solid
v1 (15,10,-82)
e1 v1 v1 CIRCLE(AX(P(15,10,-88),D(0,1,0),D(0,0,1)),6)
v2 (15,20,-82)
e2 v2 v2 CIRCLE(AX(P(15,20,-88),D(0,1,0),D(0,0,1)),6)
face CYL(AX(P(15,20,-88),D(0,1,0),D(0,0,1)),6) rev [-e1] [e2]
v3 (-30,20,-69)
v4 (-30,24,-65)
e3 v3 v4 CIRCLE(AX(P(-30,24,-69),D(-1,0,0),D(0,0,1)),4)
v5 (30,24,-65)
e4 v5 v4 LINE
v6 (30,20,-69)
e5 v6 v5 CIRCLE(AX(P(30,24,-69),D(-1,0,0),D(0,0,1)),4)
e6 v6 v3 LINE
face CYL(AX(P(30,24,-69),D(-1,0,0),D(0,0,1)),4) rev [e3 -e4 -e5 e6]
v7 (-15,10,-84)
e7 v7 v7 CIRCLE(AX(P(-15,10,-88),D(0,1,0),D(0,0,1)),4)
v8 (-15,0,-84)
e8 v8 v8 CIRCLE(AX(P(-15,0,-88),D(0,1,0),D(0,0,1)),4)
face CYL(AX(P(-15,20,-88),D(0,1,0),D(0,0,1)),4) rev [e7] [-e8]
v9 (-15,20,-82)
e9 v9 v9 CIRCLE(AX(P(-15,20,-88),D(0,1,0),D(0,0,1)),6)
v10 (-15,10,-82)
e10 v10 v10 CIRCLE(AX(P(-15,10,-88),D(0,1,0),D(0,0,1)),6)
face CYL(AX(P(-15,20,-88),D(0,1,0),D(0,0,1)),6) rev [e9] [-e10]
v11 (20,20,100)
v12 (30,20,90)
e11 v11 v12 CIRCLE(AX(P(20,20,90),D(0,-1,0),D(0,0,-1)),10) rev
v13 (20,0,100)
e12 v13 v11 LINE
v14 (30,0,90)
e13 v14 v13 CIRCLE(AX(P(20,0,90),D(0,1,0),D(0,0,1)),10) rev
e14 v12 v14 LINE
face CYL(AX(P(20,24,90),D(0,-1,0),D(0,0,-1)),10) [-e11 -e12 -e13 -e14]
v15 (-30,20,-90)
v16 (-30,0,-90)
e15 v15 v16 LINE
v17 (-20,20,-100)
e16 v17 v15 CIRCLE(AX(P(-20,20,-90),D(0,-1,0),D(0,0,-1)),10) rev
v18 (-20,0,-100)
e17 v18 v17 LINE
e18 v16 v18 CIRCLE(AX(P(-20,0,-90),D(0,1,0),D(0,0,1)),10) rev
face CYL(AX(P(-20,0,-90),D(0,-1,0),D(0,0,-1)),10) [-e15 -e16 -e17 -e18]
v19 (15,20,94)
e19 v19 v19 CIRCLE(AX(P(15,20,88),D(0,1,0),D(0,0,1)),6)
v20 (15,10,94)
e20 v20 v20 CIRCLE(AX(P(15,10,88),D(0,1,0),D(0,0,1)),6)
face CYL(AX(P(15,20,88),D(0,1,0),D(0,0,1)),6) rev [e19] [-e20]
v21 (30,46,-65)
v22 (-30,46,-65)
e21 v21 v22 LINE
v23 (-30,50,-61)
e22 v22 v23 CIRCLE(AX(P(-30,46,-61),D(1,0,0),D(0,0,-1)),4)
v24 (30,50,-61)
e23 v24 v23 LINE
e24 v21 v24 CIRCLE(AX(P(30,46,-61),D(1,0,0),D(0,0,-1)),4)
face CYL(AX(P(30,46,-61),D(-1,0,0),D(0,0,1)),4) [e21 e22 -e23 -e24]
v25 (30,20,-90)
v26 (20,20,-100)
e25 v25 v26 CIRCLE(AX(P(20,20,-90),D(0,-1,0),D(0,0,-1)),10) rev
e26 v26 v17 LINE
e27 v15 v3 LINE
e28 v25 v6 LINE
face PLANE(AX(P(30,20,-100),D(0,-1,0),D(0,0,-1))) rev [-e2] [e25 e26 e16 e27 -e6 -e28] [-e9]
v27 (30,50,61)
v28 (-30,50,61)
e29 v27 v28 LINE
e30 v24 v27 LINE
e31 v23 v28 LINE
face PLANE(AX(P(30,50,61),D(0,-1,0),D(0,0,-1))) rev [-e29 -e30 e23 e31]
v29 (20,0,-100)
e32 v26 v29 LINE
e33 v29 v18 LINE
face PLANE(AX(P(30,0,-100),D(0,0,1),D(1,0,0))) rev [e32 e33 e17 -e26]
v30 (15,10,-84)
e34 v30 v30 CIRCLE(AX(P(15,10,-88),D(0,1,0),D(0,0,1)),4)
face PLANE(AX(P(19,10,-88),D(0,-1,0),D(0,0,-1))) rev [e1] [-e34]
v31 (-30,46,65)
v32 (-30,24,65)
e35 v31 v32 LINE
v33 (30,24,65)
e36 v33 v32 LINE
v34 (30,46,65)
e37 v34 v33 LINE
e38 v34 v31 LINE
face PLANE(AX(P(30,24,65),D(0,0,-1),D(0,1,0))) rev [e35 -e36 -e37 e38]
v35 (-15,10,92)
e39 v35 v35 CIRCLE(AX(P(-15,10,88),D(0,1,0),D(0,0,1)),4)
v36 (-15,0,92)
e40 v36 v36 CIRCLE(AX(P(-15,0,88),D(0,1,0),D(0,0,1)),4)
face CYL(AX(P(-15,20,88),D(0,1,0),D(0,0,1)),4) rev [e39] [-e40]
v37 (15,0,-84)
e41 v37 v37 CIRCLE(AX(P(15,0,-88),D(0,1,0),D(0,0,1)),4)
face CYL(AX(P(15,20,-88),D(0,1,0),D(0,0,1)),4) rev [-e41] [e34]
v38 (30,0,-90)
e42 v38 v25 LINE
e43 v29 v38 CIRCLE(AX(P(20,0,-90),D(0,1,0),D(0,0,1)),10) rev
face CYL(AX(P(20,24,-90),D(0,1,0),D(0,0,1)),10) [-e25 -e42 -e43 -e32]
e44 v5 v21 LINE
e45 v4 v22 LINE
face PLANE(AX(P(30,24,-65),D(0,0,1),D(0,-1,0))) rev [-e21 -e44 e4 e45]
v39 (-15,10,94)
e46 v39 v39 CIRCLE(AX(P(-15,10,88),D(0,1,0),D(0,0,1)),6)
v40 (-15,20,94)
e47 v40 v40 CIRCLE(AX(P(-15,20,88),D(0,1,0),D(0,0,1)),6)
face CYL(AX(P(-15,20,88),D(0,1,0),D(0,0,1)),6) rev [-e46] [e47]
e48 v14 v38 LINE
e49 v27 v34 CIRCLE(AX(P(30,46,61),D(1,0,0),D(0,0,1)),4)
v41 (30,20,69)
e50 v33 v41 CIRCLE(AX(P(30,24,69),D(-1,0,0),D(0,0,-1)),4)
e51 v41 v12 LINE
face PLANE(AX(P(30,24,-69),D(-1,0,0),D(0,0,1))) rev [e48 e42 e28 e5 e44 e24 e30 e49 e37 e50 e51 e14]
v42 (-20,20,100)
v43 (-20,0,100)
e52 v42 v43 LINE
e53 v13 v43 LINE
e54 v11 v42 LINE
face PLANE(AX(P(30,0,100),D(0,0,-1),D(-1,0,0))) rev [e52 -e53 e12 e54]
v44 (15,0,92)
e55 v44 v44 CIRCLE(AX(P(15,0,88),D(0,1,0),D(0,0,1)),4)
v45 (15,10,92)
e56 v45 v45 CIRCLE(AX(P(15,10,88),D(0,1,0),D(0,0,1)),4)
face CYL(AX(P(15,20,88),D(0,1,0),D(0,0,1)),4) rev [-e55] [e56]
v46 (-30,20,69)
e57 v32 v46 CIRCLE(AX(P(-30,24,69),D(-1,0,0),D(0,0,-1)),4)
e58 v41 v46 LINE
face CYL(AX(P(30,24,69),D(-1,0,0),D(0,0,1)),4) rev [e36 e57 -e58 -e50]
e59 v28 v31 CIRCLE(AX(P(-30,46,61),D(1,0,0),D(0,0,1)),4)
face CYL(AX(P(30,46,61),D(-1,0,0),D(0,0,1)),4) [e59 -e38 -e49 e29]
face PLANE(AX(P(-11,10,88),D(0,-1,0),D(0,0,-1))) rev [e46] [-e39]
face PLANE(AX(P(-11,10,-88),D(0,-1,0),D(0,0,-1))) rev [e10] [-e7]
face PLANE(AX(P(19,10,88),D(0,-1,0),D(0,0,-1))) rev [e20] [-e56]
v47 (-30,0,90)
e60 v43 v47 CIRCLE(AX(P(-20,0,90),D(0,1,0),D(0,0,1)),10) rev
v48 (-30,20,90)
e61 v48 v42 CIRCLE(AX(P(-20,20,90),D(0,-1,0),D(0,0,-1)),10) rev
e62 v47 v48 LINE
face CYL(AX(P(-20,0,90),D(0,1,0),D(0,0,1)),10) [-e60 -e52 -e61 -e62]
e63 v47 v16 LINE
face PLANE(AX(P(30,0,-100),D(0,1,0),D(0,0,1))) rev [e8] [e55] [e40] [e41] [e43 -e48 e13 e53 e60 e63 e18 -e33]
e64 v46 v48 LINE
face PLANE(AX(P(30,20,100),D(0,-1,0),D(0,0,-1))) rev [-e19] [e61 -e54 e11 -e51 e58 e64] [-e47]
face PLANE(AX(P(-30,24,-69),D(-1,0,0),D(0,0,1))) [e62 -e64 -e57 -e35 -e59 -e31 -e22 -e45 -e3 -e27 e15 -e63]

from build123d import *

# Parameters (mm, degrees)
BOSS_EXTRUDE1_DEPTH                      = 30
FILLET1_R                                = 10
CBORE_FOR_M12_HEX_HEAD_BOLT1_D           = 8
CBORE_FOR_M12_HEX_HEAD_BOLT1_CBORE_D     = 12
CBORE_FOR_M12_HEX_HEAD_BOLT1_CBORE_DEPTH = 10


with BuildPart() as part:
    # Sketch1 → Boss-Extrude1 (new, symmetric)
    with BuildSketch(Plane(origin=(0, 0, 0), x_dir=(0, 0, -1), z_dir=(1, 0, 0))):
        with BuildLine():
            Line((100, 0), (-100, 0))
            Line((-100, 0), (-100, 20))
            Line((-100, 20), (-69, 20))
            ThreePointArc((-69, 20), (-66.171572875, 21.171572875), (-65, 24))
            Line((-65, 24), (-65, 46))
            ThreePointArc((-65, 46), (-63.828427125, 48.828427125), (-61, 50))
            Line((-61, 50), (61, 50))
            ThreePointArc((61, 50), (63.828427125, 48.828427125), (65, 46))
            Line((65, 46), (65, 24))
            ThreePointArc((65, 24), (66.171572875, 21.171572875), (69, 20))
            Line((69, 20), (100, 20))
            Line((100, 20), (100, 0))
        make_face()
    extrude(amount=BOSS_EXTRUDE1_DEPTH, both=True)

    # Fillet1
    fillet1_edges = [part.edges().sort_by_distance(p)[0] for p in [
        (-30, 10, 100),
        (-30, 10, -100),
        (30, 10, 100),
        (30, 10, -100),
    ]]
    fillet(fillet1_edges, radius=FILLET1_R)

    # CBORE for M12 Hex Head Bolt1 (through all)
    with Locations(Plane(origin=(0, 20, 0), x_dir=(1, 0, 0), z_dir=(0, 1, 0))):
        with Locations((-15, -88), (15, -88), (15, 88), (-15, 88)):
            CounterBoreHole(CBORE_FOR_M12_HEX_HEAD_BOLT1_D / 2, CBORE_FOR_M12_HEX_HEAD_BOLT1_CBORE_D / 2, CBORE_FOR_M12_HEX_HEAD_BOLT1_CBORE_DEPTH)


solid = part.part
